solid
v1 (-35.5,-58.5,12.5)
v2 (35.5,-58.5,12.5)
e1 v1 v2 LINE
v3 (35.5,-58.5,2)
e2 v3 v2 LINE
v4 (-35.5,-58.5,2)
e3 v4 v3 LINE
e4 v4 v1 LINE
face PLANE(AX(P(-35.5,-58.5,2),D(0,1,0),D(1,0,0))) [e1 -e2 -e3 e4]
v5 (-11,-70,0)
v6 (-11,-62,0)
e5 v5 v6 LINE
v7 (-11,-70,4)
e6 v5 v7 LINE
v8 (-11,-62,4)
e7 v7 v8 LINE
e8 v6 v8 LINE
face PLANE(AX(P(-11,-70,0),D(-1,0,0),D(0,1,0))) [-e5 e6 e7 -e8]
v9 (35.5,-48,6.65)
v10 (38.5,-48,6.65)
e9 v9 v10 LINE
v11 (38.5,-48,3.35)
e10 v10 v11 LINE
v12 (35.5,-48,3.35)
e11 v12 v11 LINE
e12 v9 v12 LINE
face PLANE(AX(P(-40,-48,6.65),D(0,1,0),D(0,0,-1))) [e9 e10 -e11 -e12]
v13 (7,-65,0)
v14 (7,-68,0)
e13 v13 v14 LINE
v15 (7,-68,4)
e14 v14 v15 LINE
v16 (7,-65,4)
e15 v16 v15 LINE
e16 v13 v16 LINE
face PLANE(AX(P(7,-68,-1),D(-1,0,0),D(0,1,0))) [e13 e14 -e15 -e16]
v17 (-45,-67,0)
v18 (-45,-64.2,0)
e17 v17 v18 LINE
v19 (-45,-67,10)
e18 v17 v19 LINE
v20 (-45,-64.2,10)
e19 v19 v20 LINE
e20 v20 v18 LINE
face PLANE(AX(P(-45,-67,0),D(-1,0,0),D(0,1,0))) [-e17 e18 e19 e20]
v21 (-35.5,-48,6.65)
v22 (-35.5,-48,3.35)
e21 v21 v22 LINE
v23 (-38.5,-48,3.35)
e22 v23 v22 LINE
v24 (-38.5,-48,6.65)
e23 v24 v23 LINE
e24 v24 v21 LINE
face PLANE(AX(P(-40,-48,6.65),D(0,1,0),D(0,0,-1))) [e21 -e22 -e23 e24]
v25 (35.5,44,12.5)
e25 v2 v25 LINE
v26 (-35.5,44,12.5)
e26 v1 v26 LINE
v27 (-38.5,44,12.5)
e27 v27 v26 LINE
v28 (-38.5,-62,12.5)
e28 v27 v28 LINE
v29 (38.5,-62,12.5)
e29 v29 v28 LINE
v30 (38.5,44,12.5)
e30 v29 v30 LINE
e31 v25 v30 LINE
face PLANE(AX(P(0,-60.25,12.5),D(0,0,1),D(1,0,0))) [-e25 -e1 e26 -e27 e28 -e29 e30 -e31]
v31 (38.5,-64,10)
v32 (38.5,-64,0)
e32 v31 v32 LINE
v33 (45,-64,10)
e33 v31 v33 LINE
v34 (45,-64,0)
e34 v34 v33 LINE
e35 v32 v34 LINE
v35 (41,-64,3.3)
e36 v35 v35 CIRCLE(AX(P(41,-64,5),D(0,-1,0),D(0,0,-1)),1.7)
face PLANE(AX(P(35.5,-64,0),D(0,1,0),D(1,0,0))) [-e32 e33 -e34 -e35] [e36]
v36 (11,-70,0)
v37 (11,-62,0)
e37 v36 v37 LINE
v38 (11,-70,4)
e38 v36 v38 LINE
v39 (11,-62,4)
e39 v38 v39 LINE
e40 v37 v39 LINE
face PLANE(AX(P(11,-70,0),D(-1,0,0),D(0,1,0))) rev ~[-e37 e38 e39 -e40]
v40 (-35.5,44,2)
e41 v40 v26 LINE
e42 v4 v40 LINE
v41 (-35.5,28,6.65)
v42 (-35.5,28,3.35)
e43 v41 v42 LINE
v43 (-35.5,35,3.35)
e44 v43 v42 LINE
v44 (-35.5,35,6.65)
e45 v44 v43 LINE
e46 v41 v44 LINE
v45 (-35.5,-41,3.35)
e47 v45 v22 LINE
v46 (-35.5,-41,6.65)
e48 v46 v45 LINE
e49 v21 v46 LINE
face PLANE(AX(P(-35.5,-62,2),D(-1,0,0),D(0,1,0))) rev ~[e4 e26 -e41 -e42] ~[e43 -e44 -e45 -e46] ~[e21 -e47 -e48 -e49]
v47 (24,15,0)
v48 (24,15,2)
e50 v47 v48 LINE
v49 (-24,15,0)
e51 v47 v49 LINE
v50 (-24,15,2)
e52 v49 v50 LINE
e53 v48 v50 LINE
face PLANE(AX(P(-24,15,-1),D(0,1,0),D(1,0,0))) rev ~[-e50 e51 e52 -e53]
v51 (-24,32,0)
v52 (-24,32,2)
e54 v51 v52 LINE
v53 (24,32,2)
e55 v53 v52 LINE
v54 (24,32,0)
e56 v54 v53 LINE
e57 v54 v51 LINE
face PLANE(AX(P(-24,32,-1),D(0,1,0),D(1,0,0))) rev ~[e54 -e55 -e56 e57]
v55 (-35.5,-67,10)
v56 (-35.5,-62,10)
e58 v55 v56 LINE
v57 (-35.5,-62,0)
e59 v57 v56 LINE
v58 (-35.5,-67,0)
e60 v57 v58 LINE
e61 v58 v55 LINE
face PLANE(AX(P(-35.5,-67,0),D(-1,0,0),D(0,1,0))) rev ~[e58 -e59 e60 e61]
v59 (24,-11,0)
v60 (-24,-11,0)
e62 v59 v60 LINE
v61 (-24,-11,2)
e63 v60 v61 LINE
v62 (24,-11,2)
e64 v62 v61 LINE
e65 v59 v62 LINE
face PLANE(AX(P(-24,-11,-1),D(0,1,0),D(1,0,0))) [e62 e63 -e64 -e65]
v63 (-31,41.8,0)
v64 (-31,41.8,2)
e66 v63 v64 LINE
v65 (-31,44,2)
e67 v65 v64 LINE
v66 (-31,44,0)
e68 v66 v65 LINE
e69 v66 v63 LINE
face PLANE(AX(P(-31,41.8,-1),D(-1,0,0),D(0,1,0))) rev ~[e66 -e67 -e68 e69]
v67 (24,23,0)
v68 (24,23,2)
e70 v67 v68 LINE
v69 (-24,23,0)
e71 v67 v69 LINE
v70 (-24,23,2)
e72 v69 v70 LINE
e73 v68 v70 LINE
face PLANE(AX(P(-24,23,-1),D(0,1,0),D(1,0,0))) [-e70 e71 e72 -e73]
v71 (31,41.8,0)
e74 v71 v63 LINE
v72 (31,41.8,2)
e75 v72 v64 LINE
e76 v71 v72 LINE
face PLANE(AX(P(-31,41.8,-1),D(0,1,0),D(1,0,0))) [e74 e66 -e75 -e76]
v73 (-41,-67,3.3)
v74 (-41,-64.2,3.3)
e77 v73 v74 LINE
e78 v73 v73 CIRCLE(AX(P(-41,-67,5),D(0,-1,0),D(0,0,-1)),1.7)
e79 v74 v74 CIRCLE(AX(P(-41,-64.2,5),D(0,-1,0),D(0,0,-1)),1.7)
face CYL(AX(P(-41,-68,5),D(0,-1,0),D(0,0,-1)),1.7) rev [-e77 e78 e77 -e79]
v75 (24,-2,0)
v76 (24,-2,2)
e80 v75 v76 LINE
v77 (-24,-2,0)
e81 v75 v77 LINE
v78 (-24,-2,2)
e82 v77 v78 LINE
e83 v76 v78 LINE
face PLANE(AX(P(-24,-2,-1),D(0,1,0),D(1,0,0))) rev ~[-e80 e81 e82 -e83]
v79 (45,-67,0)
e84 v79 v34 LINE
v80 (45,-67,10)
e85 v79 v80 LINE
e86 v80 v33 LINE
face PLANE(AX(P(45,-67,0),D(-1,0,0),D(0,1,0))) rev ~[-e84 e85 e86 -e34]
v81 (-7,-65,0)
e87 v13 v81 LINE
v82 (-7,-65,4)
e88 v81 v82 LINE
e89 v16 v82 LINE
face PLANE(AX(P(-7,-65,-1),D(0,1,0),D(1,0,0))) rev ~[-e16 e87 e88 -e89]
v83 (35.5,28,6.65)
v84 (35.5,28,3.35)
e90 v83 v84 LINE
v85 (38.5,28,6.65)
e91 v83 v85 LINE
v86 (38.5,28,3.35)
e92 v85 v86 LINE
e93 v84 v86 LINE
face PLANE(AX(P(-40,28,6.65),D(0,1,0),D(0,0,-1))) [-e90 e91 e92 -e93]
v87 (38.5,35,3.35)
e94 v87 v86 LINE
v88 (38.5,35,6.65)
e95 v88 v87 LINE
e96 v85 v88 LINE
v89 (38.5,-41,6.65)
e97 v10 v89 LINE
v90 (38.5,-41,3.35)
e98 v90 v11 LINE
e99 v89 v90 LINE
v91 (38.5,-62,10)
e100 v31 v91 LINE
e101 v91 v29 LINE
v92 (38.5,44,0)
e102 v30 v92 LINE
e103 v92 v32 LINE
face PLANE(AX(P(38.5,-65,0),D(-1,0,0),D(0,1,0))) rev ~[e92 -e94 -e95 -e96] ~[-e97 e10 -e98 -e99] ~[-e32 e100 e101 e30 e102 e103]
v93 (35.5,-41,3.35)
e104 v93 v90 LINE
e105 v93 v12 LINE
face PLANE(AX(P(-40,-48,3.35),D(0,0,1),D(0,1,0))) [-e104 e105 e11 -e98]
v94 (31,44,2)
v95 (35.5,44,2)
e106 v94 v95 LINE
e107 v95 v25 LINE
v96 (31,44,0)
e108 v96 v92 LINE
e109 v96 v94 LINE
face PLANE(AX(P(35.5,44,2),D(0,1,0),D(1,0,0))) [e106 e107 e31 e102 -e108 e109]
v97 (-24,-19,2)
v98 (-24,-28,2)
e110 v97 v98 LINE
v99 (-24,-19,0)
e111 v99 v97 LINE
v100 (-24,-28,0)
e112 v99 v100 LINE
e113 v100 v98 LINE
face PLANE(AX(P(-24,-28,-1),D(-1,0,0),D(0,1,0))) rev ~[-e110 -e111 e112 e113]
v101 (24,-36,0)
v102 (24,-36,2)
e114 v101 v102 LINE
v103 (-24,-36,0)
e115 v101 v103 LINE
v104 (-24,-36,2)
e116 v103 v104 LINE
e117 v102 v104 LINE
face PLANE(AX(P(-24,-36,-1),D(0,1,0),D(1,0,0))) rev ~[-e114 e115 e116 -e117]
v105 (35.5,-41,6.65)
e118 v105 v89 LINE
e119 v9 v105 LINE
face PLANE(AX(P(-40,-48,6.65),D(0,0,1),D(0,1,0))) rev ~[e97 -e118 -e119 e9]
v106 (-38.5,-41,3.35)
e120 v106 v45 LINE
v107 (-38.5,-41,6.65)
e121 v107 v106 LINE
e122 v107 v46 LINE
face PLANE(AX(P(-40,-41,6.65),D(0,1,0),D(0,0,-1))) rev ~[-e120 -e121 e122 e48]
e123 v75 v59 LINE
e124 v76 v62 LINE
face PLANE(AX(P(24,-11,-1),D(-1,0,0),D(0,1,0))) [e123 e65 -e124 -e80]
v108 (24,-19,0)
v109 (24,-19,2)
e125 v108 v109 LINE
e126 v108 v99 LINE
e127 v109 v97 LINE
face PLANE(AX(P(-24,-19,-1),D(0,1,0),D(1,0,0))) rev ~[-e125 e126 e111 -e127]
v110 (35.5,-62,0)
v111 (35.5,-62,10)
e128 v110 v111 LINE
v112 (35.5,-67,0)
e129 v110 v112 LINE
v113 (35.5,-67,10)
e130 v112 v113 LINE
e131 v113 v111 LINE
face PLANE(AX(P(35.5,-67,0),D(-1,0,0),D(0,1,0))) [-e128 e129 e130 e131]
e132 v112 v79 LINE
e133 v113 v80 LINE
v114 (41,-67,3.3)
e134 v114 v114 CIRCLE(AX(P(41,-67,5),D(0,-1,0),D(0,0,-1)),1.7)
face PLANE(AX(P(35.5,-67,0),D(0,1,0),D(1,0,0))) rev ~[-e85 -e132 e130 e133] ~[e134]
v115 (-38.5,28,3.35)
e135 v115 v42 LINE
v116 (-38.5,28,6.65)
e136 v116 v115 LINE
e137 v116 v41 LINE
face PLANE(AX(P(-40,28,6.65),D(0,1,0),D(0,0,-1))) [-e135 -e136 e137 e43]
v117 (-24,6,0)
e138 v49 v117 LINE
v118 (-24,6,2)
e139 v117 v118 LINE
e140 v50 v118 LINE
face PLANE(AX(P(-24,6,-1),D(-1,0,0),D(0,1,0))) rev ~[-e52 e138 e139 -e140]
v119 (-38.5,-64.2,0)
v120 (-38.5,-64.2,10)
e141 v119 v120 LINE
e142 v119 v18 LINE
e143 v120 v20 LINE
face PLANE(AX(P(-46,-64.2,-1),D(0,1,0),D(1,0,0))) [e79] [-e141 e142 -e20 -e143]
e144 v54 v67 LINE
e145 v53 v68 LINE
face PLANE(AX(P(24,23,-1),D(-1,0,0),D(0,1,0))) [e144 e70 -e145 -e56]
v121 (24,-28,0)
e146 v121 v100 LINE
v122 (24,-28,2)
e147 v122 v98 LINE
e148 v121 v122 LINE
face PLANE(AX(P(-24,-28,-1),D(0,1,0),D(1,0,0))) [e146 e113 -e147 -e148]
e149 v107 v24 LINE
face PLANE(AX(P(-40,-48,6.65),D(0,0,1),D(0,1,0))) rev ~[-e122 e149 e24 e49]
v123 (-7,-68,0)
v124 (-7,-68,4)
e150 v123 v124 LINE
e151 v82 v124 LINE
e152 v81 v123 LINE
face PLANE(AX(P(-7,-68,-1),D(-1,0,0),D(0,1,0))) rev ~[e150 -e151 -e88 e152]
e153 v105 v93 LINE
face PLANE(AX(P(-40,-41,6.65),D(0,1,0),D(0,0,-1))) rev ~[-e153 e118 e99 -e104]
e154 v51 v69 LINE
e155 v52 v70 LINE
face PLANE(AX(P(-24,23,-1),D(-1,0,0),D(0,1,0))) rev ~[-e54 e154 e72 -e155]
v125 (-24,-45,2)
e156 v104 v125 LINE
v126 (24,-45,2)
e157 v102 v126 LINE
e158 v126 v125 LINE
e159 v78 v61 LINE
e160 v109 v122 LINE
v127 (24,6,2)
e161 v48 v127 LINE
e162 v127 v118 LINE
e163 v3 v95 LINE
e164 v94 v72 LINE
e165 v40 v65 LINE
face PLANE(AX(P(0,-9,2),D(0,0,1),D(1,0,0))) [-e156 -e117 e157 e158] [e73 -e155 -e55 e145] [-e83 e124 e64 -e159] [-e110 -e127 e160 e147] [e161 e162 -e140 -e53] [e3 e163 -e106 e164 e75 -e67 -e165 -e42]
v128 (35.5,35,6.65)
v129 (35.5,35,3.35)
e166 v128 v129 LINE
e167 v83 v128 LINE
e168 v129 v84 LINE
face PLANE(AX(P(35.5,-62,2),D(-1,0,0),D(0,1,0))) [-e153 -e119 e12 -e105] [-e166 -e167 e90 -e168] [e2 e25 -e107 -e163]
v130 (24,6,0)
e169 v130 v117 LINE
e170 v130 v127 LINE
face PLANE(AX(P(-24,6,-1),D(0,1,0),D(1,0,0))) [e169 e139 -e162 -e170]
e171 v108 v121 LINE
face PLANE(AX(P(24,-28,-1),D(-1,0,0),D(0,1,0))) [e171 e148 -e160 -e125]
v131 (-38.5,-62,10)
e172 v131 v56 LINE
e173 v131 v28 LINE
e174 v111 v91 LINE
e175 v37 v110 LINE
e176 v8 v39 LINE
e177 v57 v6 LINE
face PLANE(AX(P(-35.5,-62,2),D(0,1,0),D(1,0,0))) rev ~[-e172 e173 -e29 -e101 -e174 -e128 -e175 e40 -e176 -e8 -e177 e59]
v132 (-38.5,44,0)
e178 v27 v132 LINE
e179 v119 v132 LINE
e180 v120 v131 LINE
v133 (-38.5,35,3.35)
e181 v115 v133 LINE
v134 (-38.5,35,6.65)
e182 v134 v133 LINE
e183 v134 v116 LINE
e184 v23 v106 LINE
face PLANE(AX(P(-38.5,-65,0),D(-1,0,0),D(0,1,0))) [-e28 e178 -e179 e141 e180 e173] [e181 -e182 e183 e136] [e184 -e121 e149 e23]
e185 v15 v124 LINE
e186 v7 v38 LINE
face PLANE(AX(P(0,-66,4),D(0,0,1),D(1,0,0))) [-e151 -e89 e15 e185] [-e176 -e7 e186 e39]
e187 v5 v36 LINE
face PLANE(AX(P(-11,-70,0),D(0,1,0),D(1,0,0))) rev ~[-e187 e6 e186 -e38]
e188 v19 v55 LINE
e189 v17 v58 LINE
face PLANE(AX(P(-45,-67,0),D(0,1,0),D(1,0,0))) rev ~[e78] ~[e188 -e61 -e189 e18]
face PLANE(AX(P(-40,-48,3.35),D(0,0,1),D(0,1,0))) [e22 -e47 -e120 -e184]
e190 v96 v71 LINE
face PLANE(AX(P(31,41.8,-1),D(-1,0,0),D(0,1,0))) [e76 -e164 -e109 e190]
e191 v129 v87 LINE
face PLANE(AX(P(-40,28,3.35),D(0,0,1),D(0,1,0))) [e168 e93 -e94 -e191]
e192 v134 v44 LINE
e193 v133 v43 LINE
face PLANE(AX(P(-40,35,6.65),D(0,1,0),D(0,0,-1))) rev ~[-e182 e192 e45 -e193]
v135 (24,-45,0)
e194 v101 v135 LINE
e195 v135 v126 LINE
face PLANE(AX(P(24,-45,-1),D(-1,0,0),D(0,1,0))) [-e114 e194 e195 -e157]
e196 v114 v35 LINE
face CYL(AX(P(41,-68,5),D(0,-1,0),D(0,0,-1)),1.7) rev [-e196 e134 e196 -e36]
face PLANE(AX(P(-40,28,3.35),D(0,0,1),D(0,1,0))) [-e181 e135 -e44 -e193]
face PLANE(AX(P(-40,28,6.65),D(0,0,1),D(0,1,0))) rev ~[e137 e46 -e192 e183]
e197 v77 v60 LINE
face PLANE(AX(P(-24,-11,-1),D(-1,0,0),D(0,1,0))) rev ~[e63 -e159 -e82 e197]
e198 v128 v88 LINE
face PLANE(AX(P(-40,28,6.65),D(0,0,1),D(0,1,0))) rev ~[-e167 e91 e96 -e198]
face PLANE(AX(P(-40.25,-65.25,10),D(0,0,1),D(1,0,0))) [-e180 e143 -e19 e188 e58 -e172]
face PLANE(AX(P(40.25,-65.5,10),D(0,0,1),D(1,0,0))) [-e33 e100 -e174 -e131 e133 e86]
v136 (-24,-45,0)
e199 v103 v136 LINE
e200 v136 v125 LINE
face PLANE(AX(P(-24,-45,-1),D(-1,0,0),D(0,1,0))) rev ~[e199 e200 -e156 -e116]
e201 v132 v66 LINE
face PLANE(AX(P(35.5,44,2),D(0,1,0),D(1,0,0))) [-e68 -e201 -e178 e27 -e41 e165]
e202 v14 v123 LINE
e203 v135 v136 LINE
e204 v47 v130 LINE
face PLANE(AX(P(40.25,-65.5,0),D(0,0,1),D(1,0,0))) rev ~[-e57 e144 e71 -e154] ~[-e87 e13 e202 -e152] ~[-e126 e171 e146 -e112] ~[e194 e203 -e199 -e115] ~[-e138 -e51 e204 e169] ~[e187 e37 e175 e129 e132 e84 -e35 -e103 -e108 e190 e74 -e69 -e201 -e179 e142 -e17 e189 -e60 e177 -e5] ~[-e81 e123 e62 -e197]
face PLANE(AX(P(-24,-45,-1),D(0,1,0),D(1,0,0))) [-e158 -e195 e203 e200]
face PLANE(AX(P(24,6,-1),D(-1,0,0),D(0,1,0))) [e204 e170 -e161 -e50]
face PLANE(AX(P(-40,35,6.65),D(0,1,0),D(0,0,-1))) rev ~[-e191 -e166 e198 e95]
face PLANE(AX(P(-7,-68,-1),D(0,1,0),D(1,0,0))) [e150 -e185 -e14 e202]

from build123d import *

# Parameters (mm, degrees)
SKETCH_1_W                          = 77
SKETCH_1_H                          = 106
TRAY_FLOOR_1_DEPTH                  = 2
SKETCH_2_W                          = 3
SKETCH_2_H                          = 106
LEFT_RETAINER_2_DEPTH               = 10.5
SKETCH_3_W                          = 3
SKETCH_3_H                          = 106
RIGHT_RETAINER_3_DEPTH              = 10.5
SKETCH_4_W                          = 71
SKETCH_4_H                          = 3.5
FRONT_RETAINER_4_DEPTH              = 10.5
SKETCH_5_W                          = 22
SKETCH_5_H                          = 8
PULL_HANDLE_5_DEPTH                 = 4
SKETCH_6_W                          = 3
SKETCH_6_H                          = 5
LEFT_EAR_BRIDGE_6_DEPTH             = 10
SKETCH_7_W                          = 3
SKETCH_7_H                          = 5
RIGHT_EAR_BRIDGE_7_DEPTH            = 10
SKETCH_8_W                          = 9.5
SKETCH_8_H                          = 3.5
LEFT_LOCK_EAR_8_DEPTH               = 10
SKETCH_9_W                          = 9.5
SKETCH_9_H                          = 3
RIGHT_LOCK_EAR_9_DEPTH              = 10
SKETCH_10_R                         = 1.7
TRAY_LOCK_M3_CLEARANCE_10_DEPTH     = 5
SKETCH_11_W                         = 48
SKETCH_11_H                         = 9
TRAY_AIRFLOW_11_DEPTH               = 4
SKETCH_12_R                         = 1.65
DRIVE_SIDE_M3_12_DEPTH              = 80
SKETCH_13_W                         = 14
SKETCH_13_H                         = 3
HANDLE_GRIP_13_DEPTH                = 6
SKETCH_14_W                         = 7.5
SKETCH_14_H                         = 4.2
LEFT_FLANGE_CLEARANCE_1_DEPTH       = 15
SKETCH_16_W                         = 3.3
SKETCH_16_H                         = 7
FRONT_ADJUSTABLE_M3_SLOT_1_DEPTH    = 80
SKETCH_17_W                         = 3.3
SKETCH_17_H                         = 7
REAR_ADJUSTABLE_M3_SLOT_2_DEPTH     = 80
SKETCH_18_W                         = 62
SKETCH_18_H                         = 3.2
SATA_PLUG_LOWER_CLEARANCE_301_DEPTH = 5


with BuildPart() as part:
    # Эскиз1 → Tray_floor_1 (new body)
    with BuildSketch(Plane.XY):
        with Locations((0, -9)):
            Rectangle(SKETCH_1_W, SKETCH_1_H)
    extrude(amount=TRAY_FLOOR_1_DEPTH)

    # Эскиз2 → Left_retainer_2 (add)
    with BuildSketch(Plane.XY.offset(2)):
        with Locations((-37, -9)):
            Rectangle(SKETCH_2_W, SKETCH_2_H)
    extrude(amount=LEFT_RETAINER_2_DEPTH)

    # Эскиз3 → Right_retainer_3 (add)
    with BuildSketch(Plane.XY.offset(2)):
        with Locations((37, -9)):
            Rectangle(SKETCH_3_W, SKETCH_3_H)
    extrude(amount=RIGHT_RETAINER_3_DEPTH)

    # Эскиз4 → Front_retainer_4 (add)
    with BuildSketch(Plane.XY.offset(2)):
        with Locations((0, -60.25)):
            Rectangle(SKETCH_4_W, SKETCH_4_H)
    extrude(amount=FRONT_RETAINER_4_DEPTH)

    # Эскиз5 → Pull_handle_5 (add)
    with BuildSketch(Plane.XY):
        with Locations((0, -66)):
            Rectangle(SKETCH_5_W, SKETCH_5_H)
    extrude(amount=PULL_HANDLE_5_DEPTH)

    # Эскиз6 → Left_ear_bridge_6 (add)
    with BuildSketch(Plane.XY):
        with Locations((-37, -62.5)):
            Rectangle(SKETCH_6_W, SKETCH_6_H)
    extrude(amount=LEFT_EAR_BRIDGE_6_DEPTH)

    # Эскиз7 → Right_ear_bridge_7 (add)
    with BuildSketch(Plane.XY):
        with Locations((37, -62.5)):
            Rectangle(SKETCH_7_W, SKETCH_7_H)
    extrude(amount=RIGHT_EAR_BRIDGE_7_DEPTH)

    # Эскиз8 → Left_lock_ear_8 (add)
    with BuildSketch(Plane.XY):
        with Locations((-40.25, -65.25)):
            Rectangle(SKETCH_8_W, SKETCH_8_H)
    extrude(amount=LEFT_LOCK_EAR_8_DEPTH)

    # Эскиз9 → Right_lock_ear_9 (add)
    with BuildSketch(Plane.XY):
        with Locations((40.25, -65.5)):
            Rectangle(SKETCH_9_W, SKETCH_9_H)
    extrude(amount=RIGHT_LOCK_EAR_9_DEPTH)

    # Эскиз10 → Tray_lock_M3_clearance_10 (cut)
    with BuildSketch(Plane(origin=(0, -68, 0), x_dir=(1, 0, 0), z_dir=(0, 1, 0))):
        with Locations(Location((-41, -5, 0), (0, 0, 90))):
            Circle(SKETCH_10_R)
        with Locations(Location((41, -5, 0), (0, 0, 90))):
            Circle(SKETCH_10_R)
    extrude(amount=TRAY_LOCK_M3_CLEARANCE_10_DEPTH, mode=Mode.SUBTRACT)

    # Эскиз11 → Tray_airflow_11 (cut)
    with BuildSketch(Plane.XY.offset(-1)):
        with Locations((0, -40.5)):
            Rectangle(SKETCH_11_W, SKETCH_11_H)
        with Locations((0, -23.5)):
            Rectangle(SKETCH_11_W, SKETCH_11_H)
        with Locations((0, -6.5)):
            Rectangle(SKETCH_11_W, SKETCH_11_H)
        with Locations((0, 10.5)):
            Rectangle(SKETCH_11_W, SKETCH_11_H)
        with Locations((0, 27.5)):
            Rectangle(SKETCH_11_W, SKETCH_11_H)
    extrude(amount=TRAY_AIRFLOW_11_DEPTH, mode=Mode.SUBTRACT)

    # Эскиз12 → Drive_side_M3_12 (cut)
    with BuildSketch(Plane(origin=(-40, 0, 0), x_dir=(0, 0, -1), z_dir=(1, 0, 0))):
        with Locations(Location((-5, -45.55, 0), (0, 0, 180))):
            Circle(SKETCH_12_R)
        with Locations(Location((-5, 31.05, 0), (0, 0, 180))):
            Circle(SKETCH_12_R)
    extrude(amount=DRIVE_SIDE_M3_12_DEPTH, mode=Mode.SUBTRACT)

    # Эскиз13 → Handle_grip_13 (cut)
    with BuildSketch(Plane.XY.offset(-1)):
        with Locations((0, -66.5)):
            Rectangle(SKETCH_13_W, SKETCH_13_H)
    extrude(amount=HANDLE_GRIP_13_DEPTH, mode=Mode.SUBTRACT)

    # Эскиз14 → Left_flange_clearance_1 (cut)
    with BuildSketch(Plane.XY.offset(-1)):
        with Locations((-42.25, -62.1)):
            Rectangle(SKETCH_14_W, SKETCH_14_H)
    extrude(amount=LEFT_FLANGE_CLEARANCE_1_DEPTH, mode=Mode.SUBTRACT)

    # Эскиз16 → Front_adjustable_M3_slot_1 (cut)
    with BuildSketch(Plane(origin=(-40, 0, 0), x_dir=(0, 0, -1), z_dir=(1, 0, 0))):
        with Locations((-5, -44.5)):
            Rectangle(SKETCH_16_W, SKETCH_16_H)
    extrude(amount=FRONT_ADJUSTABLE_M3_SLOT_1_DEPTH, mode=Mode.SUBTRACT)

    # Эскиз17 → Rear_adjustable_M3_slot_2 (cut)
    with BuildSketch(Plane(origin=(-40, 0, 0), x_dir=(0, 0, -1), z_dir=(1, 0, 0))):
        with Locations((-5, 31.5)):
            Rectangle(SKETCH_17_W, SKETCH_17_H)
    extrude(amount=REAR_ADJUSTABLE_M3_SLOT_2_DEPTH, mode=Mode.SUBTRACT)

    # Эскиз18 → SATA_plug_lower_clearance_301 (cut)
    with BuildSketch(Plane.XY.offset(-1)):
        with Locations((0, 43.4)):
            Rectangle(SKETCH_18_W, SKETCH_18_H)
    extrude(amount=SATA_PLUG_LOWER_CLEARANCE_301_DEPTH, mode=Mode.SUBTRACT)


solid = part.part
